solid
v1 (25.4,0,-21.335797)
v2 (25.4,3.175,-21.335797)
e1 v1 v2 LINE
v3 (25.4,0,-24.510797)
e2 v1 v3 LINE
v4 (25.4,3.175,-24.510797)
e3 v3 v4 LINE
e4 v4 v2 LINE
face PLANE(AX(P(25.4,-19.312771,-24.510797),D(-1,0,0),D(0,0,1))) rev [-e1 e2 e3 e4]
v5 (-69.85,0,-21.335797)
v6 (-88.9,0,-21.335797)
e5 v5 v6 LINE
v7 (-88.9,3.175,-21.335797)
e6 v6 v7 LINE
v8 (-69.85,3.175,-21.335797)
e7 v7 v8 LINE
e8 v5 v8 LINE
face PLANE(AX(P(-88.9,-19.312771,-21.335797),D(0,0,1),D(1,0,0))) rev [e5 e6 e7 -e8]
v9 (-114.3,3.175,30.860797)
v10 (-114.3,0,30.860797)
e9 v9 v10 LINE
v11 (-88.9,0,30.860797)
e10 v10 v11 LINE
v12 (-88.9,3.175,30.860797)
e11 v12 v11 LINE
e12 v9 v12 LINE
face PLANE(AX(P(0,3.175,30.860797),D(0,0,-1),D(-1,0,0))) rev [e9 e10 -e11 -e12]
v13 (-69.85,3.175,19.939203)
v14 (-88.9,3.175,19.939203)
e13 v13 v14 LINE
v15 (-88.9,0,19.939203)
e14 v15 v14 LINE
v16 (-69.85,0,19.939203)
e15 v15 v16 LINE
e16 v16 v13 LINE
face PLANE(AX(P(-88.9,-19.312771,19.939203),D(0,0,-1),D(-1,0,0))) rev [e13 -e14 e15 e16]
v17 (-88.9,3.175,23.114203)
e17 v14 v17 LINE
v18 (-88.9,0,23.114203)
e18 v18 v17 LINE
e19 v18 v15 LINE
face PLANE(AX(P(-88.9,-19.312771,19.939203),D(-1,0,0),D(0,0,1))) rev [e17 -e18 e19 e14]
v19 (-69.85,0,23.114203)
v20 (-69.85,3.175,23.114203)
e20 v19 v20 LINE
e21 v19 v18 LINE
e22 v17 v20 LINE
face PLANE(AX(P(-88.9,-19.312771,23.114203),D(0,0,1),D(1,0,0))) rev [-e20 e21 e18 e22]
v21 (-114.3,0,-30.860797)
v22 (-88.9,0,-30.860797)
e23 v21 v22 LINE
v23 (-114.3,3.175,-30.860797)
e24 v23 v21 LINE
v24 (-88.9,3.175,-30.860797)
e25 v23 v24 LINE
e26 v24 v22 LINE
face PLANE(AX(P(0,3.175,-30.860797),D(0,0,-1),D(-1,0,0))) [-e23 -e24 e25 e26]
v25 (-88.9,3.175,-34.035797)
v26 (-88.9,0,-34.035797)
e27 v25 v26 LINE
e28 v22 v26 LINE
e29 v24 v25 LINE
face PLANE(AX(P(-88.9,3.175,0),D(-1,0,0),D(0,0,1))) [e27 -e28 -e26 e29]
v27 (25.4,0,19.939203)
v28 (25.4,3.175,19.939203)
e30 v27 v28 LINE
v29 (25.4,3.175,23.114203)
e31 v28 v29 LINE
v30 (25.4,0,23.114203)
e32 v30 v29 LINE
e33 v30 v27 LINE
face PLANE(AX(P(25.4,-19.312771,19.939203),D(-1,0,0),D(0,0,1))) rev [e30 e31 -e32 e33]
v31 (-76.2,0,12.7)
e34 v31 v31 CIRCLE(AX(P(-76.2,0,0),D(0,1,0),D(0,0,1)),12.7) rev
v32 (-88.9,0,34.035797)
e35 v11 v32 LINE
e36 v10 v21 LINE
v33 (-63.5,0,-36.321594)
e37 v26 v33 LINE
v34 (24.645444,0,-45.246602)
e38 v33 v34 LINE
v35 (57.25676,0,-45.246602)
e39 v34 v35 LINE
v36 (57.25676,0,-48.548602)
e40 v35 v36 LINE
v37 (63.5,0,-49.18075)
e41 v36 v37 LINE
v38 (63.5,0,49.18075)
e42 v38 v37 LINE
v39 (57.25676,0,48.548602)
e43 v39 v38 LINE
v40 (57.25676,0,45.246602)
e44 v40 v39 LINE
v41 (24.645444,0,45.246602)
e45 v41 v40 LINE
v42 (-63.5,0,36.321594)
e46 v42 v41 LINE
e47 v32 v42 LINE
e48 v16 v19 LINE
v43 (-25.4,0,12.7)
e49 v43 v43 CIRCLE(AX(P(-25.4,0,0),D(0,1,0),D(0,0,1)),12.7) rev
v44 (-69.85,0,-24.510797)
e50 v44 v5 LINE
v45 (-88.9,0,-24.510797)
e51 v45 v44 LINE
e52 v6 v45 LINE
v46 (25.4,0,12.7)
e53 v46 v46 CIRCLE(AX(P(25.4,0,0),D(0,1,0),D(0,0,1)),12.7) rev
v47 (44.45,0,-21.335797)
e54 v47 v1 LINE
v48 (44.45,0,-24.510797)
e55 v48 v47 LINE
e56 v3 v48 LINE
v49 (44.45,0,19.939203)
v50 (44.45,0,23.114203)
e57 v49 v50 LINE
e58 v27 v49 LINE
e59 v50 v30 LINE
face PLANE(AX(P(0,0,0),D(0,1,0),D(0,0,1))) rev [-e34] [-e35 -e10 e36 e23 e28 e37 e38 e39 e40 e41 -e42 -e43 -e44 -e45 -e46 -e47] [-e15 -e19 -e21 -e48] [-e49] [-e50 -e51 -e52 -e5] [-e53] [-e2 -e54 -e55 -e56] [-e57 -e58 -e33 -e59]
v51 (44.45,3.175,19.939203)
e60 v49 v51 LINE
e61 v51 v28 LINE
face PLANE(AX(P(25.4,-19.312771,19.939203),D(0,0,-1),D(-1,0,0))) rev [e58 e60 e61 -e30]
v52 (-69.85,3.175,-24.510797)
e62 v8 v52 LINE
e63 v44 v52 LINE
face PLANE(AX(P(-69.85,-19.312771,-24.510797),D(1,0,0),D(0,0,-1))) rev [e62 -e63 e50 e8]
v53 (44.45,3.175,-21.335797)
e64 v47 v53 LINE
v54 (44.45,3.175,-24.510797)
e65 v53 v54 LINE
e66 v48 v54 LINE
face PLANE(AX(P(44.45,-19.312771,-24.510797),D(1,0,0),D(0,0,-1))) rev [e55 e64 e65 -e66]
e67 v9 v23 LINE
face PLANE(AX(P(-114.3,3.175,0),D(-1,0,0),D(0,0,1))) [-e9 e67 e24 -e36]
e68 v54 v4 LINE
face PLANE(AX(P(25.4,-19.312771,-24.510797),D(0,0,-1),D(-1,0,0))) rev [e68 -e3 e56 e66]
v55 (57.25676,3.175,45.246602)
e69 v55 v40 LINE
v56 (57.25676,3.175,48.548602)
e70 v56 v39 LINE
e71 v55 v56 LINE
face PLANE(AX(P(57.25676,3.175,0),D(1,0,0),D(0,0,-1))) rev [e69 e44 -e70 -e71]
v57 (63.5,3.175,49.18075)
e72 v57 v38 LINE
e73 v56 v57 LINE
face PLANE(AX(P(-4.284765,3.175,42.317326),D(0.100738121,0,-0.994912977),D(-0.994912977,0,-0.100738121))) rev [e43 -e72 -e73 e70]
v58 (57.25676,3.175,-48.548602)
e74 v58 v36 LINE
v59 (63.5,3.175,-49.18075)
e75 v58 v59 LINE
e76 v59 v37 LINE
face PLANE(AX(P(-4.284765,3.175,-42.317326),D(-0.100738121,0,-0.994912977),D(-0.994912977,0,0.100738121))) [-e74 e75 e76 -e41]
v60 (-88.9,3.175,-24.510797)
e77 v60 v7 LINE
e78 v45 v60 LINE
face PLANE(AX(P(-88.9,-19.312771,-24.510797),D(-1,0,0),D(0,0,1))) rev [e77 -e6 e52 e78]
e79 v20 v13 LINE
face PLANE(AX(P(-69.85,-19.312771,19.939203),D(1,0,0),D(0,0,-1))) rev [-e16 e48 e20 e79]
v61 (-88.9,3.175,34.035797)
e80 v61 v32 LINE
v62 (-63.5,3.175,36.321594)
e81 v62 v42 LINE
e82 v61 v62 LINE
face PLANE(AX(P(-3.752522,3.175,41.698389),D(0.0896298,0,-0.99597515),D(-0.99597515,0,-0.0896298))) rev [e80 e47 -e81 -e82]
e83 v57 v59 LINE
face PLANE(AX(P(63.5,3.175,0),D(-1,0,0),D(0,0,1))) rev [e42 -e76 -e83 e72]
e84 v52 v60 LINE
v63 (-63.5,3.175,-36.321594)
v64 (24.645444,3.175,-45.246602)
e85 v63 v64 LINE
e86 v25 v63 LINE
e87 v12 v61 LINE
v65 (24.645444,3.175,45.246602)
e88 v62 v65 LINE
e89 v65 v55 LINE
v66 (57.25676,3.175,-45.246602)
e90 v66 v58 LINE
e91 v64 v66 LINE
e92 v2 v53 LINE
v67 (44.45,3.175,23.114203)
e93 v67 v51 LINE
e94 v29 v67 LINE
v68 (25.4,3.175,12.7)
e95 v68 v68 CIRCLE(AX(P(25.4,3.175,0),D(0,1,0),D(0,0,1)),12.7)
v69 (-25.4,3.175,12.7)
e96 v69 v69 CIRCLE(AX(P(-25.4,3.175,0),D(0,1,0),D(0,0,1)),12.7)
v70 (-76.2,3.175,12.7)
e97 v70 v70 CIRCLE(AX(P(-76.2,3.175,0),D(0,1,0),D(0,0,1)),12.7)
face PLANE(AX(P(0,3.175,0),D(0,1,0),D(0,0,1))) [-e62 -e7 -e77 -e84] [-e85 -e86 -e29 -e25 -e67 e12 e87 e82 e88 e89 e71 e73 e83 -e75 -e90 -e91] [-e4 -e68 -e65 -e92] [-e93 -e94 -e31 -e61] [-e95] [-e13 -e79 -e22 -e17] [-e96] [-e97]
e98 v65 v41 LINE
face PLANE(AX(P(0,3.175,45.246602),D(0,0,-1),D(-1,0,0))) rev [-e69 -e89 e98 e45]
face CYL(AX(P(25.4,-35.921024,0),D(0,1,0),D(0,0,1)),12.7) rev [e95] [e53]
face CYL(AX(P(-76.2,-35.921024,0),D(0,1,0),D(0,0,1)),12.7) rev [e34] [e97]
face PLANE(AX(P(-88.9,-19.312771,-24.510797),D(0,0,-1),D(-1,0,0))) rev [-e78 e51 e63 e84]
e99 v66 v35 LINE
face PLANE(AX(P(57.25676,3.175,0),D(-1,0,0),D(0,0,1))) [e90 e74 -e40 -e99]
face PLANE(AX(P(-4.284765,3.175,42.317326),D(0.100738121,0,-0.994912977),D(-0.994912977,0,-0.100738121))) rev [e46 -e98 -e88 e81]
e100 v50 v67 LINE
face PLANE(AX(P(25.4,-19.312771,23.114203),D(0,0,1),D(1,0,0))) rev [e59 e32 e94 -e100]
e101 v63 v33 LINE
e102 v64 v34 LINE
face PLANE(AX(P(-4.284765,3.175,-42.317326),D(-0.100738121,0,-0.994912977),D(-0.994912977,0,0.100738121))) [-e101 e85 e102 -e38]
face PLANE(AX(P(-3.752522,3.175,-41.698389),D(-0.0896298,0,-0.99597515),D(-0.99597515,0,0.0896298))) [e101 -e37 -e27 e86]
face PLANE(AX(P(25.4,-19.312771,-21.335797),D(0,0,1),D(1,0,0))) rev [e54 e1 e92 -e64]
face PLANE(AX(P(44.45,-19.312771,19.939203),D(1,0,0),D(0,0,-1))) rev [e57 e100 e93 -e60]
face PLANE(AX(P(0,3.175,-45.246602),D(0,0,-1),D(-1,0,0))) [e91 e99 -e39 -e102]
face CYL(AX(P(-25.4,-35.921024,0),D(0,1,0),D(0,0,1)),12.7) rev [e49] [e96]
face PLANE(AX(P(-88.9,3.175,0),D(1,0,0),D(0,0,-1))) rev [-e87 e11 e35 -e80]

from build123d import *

# Parameters (mm, degrees)
BOSS_EXTRUDE2_DEPTH  = 3.175
SKETCH6_W            = 19.05
SKETCH6_H            = 3.175
CUT_EXTRUDE5_DEPTH   = 3.175
LPATTERN1_COUNT      = 2
LPATTERN1_PITCH      = 114.3
LPATTERN1_COUNT_DIR2 = 2
LPATTERN1_PITCH_DIR2 = 44.45
SKETCH7_R            = 12.7
CUT_EXTRUDE6_DEPTH   = 3.175
LPATTERN2_COUNT      = 2
LPATTERN2_PITCH      = 50.8
LPATTERN2_COL_COUNT  = 2
LPATTERN2_COL_PITCH  = 50.8


with BuildPart() as part:
    # Sketch1 → Boss-Extrude2 (new body)
    with BuildSketch(Plane(origin=(0, 0, 0), x_dir=(1, 0, 0), z_dir=(0, 1, 0))):
        Polygon((24.645444356, 45.246601981), (-63.5, 36.321593844), (-88.9, 34.035796922), (-88.9, 30.860796922), (-114.3, 30.860796922), (-114.3, -30.860796922), (-88.9, -30.860796922), (-88.9, -34.035796922), (-63.5, -36.321593844), (24.645444356, -45.246601981), (57.256759974, -45.246601981), (57.256759974, -48.548601981), (63.5, -49.18075), (63.5, 49.18075), (57.256759974, 48.548601981), (57.256759974, 45.246601981), align=None)
    extrude(amount=BOSS_EXTRUDE2_DEPTH)

    # Sketch6 → Cut-Extrude5 (cut)
    with BuildSketch(Plane(origin=(0, 3.175, 0), x_dir=(1, 0, 0), z_dir=(0, 1, 0))):
        with Locations((-79.375, 22.923296922)):
            Rectangle(SKETCH6_W, SKETCH6_H)
    cut_extrude5 = extrude(amount=-CUT_EXTRUDE5_DEPTH, mode=Mode.SUBTRACT)

    # LPattern1: Cut-Extrude5 2 × 2
    with Locations(*[(i * LPATTERN1_PITCH, 0, j * LPATTERN1_PITCH_DIR2) for i in range(LPATTERN1_COUNT) for j in range(LPATTERN1_COUNT_DIR2) if (i, j) != (0, 0)]):
        add(cut_extrude5, mode=Mode.SUBTRACT)

    # Sketch7 → Cut-Extrude6 (cut)
    with BuildSketch(Plane(origin=(0, 3.175, 0), x_dir=(1, 0, 0), z_dir=(0, 1, 0))):
        with Locations((-25.4, 0)):
            Circle(SKETCH7_R)
    cut_extrude6 = extrude(amount=-CUT_EXTRUDE6_DEPTH, mode=Mode.SUBTRACT)

    # LPattern2: Cut-Extrude6 ×2
    with Locations(*[(-i * LPATTERN2_PITCH, 0, 0) for i in range(1, LPATTERN2_COUNT)]):
        add(cut_extrude6, mode=Mode.SUBTRACT)

    # LPattern2 col: Cut-Extrude6 ×2
    with Locations(*[(i * LPATTERN2_COL_PITCH, 0, 0) for i in range(1, LPATTERN2_COL_COUNT)]):
        add(cut_extrude6, mode=Mode.SUBTRACT)


solid = part.part
